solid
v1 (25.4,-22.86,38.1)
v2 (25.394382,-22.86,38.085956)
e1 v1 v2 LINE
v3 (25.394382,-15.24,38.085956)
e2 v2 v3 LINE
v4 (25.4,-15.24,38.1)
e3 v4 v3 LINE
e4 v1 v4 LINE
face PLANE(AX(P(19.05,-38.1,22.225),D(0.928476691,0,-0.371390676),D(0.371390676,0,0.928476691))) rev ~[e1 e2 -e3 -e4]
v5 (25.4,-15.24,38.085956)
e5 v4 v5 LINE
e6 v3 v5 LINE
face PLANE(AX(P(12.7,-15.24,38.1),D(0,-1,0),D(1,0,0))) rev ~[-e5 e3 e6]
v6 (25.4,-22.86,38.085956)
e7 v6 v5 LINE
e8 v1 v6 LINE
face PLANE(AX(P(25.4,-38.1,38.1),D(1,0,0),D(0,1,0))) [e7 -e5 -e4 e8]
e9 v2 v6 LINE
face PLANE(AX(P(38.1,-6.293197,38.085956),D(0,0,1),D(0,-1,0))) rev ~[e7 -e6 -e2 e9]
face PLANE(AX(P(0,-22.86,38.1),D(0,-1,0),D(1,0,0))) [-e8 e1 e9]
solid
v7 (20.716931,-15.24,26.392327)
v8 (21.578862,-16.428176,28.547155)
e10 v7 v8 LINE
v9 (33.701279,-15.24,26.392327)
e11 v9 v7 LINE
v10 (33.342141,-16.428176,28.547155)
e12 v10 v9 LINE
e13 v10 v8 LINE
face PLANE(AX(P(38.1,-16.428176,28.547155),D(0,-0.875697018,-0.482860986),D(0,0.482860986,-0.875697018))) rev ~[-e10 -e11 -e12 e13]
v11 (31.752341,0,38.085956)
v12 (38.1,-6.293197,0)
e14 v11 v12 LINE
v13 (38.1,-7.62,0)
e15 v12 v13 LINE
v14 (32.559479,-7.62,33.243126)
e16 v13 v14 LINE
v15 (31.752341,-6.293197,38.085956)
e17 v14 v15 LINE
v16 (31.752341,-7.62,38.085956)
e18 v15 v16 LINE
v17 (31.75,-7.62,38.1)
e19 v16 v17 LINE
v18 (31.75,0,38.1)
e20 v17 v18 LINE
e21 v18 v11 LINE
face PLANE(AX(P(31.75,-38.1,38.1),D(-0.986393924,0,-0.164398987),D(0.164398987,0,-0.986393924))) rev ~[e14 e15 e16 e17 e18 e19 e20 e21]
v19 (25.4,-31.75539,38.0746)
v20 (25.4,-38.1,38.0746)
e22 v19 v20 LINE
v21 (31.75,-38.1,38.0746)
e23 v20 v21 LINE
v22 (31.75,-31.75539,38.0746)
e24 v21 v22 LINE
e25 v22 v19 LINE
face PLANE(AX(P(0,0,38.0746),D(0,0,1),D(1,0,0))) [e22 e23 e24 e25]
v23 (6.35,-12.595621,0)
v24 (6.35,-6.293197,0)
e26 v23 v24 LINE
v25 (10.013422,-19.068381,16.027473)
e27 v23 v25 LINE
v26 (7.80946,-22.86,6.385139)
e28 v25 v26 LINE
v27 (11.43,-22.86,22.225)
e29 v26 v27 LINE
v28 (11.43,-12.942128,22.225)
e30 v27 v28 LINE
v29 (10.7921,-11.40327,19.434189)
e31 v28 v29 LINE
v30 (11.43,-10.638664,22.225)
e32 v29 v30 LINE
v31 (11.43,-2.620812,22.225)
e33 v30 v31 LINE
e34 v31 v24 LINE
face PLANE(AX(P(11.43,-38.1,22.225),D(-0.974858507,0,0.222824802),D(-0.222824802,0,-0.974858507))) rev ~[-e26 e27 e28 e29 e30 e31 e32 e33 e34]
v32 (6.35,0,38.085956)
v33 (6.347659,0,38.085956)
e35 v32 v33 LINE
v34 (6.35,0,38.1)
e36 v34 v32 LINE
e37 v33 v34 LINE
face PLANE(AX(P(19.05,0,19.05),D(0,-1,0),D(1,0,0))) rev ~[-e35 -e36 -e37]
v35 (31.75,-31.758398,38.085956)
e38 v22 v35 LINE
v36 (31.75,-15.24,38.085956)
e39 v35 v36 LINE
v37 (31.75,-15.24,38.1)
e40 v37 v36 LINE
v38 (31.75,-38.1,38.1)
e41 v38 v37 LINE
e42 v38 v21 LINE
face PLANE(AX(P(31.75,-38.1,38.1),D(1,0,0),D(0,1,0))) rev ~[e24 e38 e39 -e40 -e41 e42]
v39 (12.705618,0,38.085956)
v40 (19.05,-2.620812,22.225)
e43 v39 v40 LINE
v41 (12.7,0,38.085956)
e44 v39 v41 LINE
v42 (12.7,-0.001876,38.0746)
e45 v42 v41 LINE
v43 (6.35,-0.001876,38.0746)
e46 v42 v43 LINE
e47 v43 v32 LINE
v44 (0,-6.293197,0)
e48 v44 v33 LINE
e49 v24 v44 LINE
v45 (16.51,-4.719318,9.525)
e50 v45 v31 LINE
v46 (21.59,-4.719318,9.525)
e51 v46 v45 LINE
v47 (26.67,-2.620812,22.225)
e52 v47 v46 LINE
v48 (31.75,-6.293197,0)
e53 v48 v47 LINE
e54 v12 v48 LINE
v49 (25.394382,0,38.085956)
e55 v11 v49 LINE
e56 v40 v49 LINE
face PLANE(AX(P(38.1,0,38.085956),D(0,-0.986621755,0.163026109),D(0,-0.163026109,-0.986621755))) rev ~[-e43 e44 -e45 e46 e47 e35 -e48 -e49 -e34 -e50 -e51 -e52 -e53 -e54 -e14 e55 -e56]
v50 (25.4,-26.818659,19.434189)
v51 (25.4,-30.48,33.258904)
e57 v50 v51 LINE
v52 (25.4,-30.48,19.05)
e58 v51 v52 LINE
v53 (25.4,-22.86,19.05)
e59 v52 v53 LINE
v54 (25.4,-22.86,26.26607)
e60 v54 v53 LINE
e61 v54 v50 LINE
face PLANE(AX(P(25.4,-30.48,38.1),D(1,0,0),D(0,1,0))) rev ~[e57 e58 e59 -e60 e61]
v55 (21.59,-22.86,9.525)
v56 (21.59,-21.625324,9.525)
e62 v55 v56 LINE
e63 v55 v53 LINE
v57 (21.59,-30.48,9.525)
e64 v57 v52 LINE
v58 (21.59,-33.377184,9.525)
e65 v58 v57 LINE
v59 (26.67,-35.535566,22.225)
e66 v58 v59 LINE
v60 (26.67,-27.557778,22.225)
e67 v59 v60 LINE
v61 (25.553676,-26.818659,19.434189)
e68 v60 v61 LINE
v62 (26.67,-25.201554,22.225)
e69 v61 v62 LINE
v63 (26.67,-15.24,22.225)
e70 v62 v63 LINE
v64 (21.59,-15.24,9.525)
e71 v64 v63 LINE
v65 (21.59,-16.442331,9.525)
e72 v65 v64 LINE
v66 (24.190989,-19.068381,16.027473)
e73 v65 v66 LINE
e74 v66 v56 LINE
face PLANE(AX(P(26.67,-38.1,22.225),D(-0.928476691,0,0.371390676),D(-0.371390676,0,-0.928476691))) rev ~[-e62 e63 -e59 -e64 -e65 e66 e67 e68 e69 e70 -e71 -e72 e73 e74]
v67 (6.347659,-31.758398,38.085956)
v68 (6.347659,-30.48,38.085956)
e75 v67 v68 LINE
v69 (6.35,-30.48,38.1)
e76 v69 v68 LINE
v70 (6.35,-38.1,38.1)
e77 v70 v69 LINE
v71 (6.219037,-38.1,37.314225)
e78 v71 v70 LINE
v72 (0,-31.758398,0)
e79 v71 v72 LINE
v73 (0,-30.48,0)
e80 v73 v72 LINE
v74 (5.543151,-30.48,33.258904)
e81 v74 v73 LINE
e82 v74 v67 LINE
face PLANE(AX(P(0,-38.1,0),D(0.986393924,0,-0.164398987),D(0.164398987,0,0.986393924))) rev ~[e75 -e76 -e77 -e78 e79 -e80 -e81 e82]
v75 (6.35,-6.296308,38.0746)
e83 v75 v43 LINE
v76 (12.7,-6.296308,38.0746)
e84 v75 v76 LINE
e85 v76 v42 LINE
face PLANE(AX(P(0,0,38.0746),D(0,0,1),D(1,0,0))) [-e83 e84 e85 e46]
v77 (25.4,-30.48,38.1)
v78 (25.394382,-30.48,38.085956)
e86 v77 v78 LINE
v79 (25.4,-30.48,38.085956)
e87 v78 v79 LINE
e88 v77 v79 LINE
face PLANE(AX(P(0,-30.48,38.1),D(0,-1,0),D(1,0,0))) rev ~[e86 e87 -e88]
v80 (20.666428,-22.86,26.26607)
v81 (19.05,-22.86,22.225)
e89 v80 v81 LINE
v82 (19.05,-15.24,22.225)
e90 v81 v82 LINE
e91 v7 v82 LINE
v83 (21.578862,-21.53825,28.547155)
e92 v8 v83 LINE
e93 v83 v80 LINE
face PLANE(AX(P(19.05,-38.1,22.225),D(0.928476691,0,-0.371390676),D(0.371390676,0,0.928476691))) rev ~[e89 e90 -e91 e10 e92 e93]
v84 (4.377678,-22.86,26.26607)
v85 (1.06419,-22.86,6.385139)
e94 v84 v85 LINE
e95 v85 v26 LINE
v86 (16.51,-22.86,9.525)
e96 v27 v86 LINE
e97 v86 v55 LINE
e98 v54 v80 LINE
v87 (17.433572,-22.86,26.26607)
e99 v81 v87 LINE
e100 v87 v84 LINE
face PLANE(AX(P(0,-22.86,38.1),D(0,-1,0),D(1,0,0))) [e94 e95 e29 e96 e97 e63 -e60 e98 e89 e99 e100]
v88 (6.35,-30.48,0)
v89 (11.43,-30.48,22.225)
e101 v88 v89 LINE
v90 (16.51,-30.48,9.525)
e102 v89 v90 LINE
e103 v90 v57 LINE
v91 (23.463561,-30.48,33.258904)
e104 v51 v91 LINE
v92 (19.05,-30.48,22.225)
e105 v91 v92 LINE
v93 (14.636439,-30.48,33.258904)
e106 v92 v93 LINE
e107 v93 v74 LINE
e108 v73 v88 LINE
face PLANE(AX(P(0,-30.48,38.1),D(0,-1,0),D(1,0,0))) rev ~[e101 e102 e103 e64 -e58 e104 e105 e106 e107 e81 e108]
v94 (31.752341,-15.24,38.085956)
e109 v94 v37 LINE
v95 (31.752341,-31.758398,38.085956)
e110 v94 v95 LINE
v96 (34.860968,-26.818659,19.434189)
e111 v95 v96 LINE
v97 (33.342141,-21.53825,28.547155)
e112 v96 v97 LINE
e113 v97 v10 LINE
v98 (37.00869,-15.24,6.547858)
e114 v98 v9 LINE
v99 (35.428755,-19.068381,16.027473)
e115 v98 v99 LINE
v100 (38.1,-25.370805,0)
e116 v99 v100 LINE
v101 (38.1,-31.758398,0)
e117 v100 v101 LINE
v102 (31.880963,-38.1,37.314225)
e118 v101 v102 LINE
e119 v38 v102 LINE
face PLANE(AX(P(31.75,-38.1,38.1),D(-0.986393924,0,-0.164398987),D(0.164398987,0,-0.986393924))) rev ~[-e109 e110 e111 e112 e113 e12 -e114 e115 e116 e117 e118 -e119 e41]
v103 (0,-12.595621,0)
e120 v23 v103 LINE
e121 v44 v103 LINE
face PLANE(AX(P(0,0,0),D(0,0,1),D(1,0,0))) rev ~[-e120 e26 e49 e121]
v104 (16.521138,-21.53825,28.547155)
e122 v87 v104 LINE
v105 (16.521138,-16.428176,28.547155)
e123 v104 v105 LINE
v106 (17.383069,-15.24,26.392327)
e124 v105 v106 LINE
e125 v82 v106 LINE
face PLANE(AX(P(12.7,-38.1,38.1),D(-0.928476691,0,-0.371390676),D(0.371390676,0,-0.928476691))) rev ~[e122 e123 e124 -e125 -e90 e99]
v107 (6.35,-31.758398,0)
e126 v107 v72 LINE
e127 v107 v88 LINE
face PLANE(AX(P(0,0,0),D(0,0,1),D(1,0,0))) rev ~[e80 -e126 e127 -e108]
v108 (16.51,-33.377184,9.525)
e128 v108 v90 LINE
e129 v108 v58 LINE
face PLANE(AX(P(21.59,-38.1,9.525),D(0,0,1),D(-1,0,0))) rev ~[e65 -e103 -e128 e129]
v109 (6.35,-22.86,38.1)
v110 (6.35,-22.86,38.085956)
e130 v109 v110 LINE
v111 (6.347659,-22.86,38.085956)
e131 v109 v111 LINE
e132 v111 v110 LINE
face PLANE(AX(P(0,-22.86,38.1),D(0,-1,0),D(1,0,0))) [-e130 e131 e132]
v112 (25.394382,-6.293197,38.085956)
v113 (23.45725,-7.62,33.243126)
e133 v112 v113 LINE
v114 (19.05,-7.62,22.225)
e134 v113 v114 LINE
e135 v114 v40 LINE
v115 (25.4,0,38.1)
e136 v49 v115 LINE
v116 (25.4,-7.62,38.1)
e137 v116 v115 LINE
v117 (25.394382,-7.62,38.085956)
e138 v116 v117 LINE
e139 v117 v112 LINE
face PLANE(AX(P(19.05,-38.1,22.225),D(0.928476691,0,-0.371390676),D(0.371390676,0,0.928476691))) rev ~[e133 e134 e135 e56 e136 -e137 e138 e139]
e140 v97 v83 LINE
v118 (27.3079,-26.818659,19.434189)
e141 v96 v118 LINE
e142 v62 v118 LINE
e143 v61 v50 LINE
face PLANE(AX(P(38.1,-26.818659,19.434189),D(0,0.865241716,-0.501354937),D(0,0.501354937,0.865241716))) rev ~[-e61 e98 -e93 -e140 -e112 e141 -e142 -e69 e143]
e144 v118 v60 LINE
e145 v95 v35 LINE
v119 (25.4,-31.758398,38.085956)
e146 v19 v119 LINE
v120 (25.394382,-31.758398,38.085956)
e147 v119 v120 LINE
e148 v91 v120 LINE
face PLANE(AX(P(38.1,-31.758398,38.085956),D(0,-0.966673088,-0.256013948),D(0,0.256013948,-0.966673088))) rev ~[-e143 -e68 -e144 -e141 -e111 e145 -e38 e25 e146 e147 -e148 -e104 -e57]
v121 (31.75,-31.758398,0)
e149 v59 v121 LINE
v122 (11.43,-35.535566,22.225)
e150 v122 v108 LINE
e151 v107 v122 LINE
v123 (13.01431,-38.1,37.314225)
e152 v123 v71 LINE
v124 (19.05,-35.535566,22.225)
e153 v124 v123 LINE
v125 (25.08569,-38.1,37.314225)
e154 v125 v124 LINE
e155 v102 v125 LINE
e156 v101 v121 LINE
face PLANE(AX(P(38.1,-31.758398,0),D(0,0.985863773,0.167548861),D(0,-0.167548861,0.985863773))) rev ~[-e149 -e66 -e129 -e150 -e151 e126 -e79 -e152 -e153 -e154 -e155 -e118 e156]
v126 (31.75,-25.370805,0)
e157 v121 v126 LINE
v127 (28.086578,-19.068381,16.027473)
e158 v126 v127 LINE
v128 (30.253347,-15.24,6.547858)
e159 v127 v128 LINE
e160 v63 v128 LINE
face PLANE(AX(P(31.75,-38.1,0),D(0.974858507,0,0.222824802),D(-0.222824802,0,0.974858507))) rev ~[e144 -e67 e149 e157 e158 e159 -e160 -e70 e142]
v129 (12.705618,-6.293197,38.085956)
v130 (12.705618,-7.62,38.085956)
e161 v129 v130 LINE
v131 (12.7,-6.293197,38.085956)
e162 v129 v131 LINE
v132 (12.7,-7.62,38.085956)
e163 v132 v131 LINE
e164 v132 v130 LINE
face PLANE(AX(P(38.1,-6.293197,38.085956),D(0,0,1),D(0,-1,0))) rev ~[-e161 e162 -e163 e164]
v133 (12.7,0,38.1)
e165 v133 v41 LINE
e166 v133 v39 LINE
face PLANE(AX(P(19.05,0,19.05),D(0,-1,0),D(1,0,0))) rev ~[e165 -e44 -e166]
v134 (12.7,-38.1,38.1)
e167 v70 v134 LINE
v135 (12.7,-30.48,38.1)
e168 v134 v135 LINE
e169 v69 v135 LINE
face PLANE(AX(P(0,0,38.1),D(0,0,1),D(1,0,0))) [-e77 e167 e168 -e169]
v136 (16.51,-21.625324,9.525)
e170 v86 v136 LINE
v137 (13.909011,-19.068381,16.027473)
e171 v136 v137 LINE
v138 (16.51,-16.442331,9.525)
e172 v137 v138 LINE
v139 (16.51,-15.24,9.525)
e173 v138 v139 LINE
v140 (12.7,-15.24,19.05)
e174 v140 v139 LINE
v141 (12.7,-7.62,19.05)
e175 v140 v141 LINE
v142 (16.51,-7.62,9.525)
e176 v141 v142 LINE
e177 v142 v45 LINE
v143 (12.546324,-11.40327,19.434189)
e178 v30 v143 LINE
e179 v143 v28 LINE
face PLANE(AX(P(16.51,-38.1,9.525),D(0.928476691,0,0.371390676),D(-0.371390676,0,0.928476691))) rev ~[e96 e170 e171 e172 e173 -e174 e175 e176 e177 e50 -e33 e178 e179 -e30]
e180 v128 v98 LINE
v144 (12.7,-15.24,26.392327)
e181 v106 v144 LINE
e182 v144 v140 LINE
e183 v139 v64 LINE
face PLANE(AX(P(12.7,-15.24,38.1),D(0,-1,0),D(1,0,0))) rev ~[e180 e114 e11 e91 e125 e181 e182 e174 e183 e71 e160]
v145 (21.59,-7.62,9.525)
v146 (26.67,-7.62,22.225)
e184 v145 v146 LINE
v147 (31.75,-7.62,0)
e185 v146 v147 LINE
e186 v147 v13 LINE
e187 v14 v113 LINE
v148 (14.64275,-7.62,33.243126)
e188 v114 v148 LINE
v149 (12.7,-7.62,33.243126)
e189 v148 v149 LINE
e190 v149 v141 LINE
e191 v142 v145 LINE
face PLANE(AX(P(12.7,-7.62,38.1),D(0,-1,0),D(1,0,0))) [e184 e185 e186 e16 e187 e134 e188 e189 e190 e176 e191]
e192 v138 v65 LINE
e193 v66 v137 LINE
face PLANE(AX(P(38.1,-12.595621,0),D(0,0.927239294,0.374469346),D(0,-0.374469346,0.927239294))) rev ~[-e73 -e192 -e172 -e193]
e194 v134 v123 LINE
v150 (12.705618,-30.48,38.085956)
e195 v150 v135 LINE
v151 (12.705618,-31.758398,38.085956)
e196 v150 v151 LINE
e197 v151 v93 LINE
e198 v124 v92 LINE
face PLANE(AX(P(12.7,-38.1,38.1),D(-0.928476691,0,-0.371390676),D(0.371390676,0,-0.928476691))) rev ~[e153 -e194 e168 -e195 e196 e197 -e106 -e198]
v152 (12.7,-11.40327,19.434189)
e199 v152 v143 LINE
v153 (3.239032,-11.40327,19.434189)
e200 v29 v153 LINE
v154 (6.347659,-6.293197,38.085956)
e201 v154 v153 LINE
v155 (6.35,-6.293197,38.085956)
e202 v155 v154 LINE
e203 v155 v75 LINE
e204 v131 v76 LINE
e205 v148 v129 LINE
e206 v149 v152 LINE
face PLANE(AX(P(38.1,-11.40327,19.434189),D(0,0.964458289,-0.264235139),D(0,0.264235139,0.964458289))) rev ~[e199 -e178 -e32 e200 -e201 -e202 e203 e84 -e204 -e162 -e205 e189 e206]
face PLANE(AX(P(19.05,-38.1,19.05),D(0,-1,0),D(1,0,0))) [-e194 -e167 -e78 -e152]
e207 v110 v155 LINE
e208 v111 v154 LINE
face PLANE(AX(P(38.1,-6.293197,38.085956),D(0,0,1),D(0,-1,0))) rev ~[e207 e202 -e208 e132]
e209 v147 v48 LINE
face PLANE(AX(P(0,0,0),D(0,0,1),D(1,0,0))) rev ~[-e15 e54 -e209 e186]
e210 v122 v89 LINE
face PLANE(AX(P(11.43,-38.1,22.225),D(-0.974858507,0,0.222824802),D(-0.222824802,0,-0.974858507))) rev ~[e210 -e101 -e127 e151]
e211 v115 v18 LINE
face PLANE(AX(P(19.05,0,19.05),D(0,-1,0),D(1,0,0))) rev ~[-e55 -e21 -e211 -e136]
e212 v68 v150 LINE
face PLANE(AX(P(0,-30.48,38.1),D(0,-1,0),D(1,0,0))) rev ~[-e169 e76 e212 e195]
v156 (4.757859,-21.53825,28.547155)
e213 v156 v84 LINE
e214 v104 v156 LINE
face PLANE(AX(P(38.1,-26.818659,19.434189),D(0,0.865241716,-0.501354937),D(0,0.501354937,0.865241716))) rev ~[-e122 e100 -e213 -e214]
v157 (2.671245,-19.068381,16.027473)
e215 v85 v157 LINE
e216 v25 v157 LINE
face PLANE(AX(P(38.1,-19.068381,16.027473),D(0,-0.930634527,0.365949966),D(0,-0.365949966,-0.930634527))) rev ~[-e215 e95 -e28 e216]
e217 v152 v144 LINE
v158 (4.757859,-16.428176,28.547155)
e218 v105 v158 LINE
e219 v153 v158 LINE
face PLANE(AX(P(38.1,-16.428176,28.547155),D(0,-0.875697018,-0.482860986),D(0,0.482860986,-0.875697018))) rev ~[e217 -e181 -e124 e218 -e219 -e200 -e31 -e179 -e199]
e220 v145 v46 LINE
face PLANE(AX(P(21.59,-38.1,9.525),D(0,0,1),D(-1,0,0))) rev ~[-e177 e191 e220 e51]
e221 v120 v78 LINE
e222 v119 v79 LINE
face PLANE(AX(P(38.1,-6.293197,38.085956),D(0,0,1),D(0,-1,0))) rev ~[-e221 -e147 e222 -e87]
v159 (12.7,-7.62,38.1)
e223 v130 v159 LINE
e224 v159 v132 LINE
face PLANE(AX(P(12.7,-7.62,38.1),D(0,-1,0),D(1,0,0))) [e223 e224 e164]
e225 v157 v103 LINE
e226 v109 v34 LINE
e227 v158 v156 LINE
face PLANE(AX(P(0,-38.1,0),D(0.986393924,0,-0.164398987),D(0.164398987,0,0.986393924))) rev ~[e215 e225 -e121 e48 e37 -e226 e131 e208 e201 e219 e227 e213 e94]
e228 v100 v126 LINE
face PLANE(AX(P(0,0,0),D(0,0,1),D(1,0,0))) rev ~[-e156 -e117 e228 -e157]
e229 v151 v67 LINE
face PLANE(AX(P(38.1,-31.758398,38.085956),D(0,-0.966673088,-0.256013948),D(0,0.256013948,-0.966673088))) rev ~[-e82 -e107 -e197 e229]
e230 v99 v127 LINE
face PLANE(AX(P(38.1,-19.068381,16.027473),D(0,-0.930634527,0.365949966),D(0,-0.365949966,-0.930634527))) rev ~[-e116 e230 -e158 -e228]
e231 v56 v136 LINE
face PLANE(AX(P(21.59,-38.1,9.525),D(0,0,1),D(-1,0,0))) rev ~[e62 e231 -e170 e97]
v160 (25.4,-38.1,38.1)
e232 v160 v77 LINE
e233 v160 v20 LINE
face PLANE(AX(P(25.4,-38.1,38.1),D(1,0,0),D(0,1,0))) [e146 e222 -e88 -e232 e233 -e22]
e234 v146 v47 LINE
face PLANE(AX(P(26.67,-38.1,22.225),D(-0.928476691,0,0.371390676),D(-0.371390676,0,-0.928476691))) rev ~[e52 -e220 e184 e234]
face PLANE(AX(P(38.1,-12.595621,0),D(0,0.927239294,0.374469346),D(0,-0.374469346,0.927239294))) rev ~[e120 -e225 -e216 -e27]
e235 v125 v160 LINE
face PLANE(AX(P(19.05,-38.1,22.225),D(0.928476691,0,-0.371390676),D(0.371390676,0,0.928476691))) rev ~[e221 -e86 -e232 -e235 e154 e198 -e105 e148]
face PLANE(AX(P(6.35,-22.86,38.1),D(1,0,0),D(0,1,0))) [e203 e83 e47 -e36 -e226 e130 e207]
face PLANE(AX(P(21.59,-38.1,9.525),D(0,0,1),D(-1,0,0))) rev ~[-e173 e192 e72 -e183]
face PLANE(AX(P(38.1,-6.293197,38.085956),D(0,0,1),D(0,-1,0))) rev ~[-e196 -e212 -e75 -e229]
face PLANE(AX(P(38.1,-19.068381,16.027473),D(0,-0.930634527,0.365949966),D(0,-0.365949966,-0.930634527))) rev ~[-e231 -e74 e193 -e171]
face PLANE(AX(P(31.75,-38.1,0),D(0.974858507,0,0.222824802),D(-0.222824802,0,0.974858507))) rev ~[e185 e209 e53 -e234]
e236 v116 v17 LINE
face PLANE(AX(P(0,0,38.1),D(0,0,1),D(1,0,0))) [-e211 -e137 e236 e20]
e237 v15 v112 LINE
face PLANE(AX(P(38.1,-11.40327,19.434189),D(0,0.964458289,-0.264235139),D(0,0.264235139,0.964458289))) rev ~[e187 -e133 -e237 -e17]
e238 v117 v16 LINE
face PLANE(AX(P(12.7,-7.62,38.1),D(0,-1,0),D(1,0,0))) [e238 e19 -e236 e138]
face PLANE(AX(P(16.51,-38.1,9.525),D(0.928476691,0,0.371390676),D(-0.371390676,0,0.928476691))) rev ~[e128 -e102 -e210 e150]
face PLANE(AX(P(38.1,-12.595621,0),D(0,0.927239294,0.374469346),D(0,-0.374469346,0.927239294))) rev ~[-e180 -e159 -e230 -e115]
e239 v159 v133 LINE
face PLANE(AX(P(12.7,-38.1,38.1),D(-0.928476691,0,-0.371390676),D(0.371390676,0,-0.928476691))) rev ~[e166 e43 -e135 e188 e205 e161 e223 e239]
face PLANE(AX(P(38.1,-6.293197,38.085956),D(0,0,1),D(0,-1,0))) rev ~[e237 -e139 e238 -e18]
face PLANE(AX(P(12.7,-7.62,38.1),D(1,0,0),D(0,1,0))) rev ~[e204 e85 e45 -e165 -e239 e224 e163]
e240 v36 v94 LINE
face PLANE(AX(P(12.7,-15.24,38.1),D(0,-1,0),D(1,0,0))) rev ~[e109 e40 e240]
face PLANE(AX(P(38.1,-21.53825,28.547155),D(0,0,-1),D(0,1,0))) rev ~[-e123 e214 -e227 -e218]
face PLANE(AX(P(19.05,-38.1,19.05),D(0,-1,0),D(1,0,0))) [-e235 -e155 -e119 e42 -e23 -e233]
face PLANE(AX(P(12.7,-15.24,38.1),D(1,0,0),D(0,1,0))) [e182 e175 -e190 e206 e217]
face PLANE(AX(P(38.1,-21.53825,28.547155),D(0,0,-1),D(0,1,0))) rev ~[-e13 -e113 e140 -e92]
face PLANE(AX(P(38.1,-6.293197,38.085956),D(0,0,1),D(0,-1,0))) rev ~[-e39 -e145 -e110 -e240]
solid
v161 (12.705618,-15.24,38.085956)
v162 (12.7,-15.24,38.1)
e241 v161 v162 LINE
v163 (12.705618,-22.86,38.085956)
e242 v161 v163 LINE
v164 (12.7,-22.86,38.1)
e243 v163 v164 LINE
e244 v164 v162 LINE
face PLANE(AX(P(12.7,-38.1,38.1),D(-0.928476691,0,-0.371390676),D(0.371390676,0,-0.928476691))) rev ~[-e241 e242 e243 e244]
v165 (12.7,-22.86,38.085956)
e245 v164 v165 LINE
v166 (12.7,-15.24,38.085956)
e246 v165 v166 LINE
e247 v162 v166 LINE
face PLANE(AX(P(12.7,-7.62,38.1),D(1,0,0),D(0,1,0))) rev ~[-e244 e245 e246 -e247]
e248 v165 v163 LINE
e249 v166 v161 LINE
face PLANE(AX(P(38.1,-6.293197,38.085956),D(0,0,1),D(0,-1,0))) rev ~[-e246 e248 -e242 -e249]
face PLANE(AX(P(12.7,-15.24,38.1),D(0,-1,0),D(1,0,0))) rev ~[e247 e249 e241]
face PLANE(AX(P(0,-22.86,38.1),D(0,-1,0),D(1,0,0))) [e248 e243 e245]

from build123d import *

# Parameters (mm, degrees)
F0_W      = 38.1
F0_H      = 38.1
F1_DEPTH  = 38.1
F6_DEPTH  = 38.1
F8_DEPTH  = 38.1
F9_W      = 25.4
F9_H      = 7.62
F10_DEPTH = 38.1
F11_DEPTH = 0.0254


with BuildPart() as f1:
    # F0 (on Front) → F1 (new body)
    with BuildSketch(Plane.XZ):
        with Locations((19.05, 19.05)):
            Rectangle(F0_W, F0_H)
    extrude(amount=F1_DEPTH)

    # F5 (on offset) → F6 (cut)
    with BuildSketch(Plane.YZ.offset(38.1)):
        Polygon((0, 0), (0, 38.0859561265), (-6.2931971624, 0), align=None)
        Polygon((-25.370804593, 0), (-12.5956209376, 0), (-19.0683808178, 16.0274729133), align=None)
        Polygon((-38.2311567664, 0), (-31.7583978176, 0), (-38.2311567664, 38.0859561265), align=None)
        Polygon((-31.7583978176, 38.0859561265), (-26.8186591566, 19.4341894239), (-21.5382501483, 28.5471547395), (-16.4281763136, 28.5471547395), (-11.4032700658, 19.4341894239), (-6.2931971624, 38.0859561265), align=None)
    extrude(amount=-F6_DEPTH, mode=Mode.SUBTRACT)

    # F7 (on offset) → F8 (cut)
    with BuildSketch(Plane.XZ.offset(38.1)):
        Polygon((0, 38.1), (0, 0), (6.35, 38.1), align=None)
        Polygon((11.43, 22.225), (6.35, 0), (31.75, 0), (26.67, 22.225), (21.59, 9.525), (16.51, 9.525), align=None)
        Polygon((25.4, 38.1), (12.7, 38.1), (19.05, 22.225), align=None)
        Polygon((31.75, 38.1), (38.1, 0), (38.1, 38.1), align=None)
    extrude(amount=-F8_DEPTH, mode=Mode.SUBTRACT)

    # F9 (on offset) → F10 (cut)
    with BuildSketch(Plane.XY.offset(38.1)):
        with Locations((25.4, -11.43)):
            Rectangle(F9_W, F9_H)
        with Locations((12.7, -26.67)):
            Rectangle(F9_W, F9_H)
    extrude(amount=-F10_DEPTH, mode=Mode.SUBTRACT)

    # F11 (cut): faces of the model
    f11_faces = [f1.faces().sort_by_distance(p)[0] for p in [
        (9.525, -11.43, 38.1),
        (28.575, -26.67, 38.1),
    ]]
    extrude(f11_faces, amount=-F11_DEPTH, mode=Mode.SUBTRACT)


solid = f1.part
